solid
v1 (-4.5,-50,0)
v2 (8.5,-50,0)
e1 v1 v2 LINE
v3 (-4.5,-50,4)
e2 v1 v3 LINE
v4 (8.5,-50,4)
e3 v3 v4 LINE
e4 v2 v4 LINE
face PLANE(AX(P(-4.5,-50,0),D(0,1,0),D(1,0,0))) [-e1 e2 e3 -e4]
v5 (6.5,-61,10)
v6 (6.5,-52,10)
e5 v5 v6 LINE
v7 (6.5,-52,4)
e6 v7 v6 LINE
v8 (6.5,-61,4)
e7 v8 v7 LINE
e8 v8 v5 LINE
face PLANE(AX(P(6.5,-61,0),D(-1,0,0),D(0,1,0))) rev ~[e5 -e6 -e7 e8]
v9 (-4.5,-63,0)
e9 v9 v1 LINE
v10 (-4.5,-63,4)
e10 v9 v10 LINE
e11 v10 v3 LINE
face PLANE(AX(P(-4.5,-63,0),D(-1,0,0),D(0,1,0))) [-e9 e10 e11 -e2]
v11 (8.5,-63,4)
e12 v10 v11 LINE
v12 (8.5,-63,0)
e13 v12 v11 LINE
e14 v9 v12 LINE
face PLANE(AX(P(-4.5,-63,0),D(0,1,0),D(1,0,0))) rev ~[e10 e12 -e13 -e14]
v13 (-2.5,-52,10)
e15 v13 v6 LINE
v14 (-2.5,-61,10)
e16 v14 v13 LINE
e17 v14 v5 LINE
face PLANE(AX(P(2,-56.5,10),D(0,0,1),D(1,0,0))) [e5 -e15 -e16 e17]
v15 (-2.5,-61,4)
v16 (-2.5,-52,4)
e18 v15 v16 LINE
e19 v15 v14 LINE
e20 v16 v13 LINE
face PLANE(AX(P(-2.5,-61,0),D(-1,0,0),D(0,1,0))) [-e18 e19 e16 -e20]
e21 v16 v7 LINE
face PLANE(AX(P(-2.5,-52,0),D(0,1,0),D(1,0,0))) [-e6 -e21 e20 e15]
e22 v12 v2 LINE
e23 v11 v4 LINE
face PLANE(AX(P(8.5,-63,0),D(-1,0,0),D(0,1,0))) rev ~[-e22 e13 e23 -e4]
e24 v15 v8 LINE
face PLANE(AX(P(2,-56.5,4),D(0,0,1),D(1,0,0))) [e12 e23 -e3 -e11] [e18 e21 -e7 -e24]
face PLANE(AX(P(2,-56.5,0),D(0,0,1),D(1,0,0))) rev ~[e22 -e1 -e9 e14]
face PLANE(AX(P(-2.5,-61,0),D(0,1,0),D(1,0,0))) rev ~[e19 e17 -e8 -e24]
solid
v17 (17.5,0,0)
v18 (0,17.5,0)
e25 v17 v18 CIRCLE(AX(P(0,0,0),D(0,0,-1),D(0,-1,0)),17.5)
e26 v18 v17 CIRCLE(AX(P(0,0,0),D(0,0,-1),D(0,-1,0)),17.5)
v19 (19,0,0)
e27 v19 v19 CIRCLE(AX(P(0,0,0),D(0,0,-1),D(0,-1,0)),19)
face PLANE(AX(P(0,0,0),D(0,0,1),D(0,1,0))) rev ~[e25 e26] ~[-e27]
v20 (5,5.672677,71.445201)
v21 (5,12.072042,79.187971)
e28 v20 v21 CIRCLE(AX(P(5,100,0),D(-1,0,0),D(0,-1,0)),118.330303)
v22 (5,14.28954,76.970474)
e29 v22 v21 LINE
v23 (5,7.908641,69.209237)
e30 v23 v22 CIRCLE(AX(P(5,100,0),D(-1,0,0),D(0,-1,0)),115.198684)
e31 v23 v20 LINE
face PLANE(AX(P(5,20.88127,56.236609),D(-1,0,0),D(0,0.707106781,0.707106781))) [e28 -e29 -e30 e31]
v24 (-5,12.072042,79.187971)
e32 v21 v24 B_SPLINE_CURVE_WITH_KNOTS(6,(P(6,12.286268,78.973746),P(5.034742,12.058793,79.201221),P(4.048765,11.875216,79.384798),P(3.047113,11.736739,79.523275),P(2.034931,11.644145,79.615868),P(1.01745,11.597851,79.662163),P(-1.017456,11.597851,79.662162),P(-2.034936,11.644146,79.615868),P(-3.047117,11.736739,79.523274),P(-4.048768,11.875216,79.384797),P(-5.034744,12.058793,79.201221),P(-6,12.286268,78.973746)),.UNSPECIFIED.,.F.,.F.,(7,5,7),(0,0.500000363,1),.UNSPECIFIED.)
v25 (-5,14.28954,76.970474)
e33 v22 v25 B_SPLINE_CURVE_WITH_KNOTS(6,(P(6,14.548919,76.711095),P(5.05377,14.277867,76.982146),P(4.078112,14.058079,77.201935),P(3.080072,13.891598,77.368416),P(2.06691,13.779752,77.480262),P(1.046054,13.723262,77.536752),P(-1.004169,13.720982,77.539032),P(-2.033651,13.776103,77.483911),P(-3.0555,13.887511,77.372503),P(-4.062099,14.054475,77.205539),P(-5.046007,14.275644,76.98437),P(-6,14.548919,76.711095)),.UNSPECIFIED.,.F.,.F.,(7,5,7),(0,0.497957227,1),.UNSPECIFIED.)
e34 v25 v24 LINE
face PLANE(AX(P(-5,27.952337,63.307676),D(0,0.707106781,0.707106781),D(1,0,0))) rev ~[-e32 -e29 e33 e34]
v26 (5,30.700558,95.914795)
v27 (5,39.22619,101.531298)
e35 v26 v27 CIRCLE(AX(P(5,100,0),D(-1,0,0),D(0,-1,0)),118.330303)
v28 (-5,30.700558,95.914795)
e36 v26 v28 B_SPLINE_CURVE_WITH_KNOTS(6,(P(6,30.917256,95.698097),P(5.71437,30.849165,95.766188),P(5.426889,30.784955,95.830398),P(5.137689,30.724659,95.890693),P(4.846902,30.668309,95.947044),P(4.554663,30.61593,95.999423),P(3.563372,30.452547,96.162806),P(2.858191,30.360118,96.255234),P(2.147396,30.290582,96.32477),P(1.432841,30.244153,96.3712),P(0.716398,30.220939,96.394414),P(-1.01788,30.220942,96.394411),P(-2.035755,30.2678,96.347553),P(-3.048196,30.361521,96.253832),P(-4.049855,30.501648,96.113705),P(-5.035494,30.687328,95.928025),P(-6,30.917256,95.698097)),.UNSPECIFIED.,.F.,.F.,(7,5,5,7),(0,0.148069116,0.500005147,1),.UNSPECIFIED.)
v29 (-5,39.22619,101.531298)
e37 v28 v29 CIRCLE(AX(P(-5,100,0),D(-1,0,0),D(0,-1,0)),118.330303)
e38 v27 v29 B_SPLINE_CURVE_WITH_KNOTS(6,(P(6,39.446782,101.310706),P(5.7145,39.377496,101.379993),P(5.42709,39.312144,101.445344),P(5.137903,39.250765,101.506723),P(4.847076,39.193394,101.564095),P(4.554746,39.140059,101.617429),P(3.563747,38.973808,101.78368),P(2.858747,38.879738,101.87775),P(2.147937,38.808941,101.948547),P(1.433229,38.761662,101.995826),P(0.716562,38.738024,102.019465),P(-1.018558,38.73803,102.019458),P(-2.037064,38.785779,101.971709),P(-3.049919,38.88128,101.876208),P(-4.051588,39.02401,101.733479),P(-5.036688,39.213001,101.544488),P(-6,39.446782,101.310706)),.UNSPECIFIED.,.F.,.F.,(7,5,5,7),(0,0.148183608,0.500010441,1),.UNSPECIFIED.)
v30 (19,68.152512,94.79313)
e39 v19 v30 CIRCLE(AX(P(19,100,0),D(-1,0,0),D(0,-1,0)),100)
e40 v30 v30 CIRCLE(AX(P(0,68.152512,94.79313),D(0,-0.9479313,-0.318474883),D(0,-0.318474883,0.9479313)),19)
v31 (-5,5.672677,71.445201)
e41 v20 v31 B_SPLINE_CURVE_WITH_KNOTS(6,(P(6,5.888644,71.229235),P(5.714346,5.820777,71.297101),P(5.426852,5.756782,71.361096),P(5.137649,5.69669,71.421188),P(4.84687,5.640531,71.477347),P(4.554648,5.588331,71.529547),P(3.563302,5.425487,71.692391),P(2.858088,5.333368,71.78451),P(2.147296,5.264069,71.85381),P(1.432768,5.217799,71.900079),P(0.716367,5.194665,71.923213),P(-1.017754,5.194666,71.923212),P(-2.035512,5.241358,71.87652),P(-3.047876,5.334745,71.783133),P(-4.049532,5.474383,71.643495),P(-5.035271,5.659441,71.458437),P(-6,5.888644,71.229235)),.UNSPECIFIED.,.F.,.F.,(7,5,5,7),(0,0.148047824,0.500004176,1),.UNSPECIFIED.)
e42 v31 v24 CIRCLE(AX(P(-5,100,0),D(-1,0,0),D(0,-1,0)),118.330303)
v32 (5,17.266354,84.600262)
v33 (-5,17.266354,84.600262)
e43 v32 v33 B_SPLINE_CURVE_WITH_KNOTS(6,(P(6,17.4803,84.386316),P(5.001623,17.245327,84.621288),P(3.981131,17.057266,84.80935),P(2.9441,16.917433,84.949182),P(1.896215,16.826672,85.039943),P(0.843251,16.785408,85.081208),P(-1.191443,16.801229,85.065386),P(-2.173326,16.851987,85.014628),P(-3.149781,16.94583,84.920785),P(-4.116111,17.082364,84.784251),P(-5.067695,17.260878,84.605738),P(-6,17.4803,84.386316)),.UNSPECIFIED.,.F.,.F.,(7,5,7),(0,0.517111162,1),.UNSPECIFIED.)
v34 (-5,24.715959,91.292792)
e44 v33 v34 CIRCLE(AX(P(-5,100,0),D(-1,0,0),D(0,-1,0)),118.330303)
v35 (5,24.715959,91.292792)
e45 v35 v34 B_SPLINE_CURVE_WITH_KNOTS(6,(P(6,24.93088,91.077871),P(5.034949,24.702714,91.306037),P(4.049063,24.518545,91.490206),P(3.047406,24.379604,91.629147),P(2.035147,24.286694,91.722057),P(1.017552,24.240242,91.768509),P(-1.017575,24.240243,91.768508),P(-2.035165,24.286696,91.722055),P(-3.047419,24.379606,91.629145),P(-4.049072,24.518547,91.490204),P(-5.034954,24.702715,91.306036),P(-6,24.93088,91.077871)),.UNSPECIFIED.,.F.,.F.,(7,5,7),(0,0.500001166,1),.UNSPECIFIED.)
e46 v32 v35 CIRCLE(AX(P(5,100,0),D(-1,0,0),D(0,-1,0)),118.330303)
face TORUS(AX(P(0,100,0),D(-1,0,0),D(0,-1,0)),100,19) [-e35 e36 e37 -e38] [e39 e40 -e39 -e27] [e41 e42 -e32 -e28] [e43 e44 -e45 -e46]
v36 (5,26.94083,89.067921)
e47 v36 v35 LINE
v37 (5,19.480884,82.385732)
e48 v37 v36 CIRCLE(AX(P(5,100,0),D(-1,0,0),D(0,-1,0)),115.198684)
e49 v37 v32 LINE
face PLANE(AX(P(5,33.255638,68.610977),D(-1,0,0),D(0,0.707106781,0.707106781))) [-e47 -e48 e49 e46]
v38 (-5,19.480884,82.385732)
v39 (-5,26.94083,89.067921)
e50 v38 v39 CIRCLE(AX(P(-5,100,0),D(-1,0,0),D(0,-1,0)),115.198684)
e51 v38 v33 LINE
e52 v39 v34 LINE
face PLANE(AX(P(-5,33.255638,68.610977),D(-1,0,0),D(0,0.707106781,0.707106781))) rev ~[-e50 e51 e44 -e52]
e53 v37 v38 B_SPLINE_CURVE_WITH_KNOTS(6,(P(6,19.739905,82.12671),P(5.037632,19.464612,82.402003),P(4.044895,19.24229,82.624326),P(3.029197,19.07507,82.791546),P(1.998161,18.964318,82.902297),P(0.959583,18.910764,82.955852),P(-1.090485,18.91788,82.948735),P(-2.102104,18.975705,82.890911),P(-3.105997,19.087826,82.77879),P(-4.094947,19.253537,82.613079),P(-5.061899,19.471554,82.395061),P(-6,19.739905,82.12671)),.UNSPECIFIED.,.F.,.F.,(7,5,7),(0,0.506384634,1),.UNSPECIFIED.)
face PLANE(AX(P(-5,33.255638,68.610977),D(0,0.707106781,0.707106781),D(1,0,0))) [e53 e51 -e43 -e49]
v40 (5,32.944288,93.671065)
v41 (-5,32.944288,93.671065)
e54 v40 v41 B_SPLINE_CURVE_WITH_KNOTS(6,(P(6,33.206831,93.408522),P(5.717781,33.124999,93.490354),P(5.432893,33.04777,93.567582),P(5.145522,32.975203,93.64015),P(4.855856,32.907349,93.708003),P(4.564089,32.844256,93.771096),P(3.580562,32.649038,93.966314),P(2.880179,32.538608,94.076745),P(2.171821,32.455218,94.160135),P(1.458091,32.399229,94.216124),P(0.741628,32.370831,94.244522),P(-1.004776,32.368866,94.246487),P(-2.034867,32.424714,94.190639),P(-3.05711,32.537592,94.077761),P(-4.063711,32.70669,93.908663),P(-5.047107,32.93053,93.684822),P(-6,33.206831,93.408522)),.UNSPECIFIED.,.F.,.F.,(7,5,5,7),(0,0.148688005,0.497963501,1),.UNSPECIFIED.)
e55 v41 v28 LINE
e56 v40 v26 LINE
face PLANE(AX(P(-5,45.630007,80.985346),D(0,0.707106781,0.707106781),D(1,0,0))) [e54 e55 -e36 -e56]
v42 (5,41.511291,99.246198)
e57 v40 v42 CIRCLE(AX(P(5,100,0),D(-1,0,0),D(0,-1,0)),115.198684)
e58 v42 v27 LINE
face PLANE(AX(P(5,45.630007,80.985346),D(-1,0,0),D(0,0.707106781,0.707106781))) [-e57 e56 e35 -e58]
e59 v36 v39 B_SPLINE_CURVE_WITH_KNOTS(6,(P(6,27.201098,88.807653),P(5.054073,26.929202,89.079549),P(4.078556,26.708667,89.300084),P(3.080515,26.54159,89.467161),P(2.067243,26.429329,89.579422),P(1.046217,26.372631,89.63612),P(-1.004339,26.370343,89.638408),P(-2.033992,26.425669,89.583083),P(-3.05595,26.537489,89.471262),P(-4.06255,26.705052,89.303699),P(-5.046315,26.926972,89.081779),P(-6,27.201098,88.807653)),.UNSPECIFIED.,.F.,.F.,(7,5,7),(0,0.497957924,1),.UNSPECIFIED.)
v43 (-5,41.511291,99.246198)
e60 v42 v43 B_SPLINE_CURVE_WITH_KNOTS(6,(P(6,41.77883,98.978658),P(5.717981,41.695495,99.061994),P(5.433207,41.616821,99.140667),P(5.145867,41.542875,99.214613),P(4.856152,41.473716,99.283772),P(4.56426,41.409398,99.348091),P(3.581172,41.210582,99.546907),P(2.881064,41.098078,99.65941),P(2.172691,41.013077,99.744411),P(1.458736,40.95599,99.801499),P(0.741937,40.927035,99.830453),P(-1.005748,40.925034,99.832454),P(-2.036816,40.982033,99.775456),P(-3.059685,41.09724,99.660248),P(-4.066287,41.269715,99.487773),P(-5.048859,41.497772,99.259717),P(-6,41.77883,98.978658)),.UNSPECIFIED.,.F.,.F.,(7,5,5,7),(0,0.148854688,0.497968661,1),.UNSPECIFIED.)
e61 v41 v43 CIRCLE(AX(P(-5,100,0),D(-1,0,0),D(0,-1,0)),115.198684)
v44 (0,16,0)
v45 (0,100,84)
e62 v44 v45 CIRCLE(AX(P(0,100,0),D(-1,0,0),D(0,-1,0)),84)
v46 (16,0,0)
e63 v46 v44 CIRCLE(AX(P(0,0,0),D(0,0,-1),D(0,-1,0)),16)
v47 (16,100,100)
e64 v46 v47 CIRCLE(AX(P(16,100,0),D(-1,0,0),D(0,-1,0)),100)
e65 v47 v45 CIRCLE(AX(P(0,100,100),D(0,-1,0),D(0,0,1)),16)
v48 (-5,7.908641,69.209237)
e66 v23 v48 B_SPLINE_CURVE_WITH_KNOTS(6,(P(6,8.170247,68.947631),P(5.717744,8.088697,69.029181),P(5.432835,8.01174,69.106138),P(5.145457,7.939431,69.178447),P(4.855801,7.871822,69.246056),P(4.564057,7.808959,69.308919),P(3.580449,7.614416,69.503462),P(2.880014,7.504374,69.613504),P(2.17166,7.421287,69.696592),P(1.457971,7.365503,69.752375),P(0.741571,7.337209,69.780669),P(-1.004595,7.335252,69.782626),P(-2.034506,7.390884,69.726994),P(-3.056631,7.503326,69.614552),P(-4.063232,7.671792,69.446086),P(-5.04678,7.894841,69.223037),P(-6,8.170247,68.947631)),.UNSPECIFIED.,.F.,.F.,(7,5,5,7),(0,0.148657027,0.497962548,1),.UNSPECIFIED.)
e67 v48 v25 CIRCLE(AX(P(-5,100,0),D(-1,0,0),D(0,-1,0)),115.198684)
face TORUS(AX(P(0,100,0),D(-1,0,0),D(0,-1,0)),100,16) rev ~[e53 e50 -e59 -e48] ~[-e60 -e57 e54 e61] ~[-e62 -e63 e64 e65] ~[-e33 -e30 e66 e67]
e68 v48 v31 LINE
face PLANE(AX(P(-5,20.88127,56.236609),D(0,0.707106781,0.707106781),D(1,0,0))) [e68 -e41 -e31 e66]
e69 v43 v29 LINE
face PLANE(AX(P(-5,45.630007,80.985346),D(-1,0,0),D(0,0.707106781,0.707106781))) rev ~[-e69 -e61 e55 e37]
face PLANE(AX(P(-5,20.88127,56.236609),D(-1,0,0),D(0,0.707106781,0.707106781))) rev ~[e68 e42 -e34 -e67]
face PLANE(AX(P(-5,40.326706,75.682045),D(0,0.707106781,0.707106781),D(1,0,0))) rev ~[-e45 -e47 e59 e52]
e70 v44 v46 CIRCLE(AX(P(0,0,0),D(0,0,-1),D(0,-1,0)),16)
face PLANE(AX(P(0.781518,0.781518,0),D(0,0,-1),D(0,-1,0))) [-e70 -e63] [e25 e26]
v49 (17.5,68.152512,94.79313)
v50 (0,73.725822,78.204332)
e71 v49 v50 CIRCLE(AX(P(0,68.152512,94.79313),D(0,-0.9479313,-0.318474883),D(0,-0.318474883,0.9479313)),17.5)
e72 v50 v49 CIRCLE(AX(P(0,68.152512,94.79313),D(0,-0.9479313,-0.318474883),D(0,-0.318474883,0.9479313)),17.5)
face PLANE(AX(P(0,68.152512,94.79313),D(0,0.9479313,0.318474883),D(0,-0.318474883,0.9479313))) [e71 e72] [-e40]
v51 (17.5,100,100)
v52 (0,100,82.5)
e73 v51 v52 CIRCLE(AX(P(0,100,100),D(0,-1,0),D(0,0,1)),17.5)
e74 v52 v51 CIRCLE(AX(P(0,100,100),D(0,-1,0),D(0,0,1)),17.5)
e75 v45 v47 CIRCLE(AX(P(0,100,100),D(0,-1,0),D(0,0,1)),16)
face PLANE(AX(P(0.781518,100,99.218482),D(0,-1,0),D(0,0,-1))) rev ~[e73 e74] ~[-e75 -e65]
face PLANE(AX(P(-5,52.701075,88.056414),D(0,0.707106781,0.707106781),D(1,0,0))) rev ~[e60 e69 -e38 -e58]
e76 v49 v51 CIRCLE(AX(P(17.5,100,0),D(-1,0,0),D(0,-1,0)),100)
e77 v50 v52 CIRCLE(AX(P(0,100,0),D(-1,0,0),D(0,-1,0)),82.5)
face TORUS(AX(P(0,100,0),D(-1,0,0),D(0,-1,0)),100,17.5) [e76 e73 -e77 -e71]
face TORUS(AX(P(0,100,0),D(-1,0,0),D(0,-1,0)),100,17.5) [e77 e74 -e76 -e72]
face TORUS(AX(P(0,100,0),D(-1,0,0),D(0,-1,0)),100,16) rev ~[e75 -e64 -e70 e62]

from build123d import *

# Parameters (mm, degrees)
F1_R      = 19
F1_R_2    = 17.5
F10_START = 25
F9_W      = 10
F9_H      = 10
F10_DEPTH = 25
F11_W     = 9
F11_H     = 9
F12_DEPTH = 10
F11_W_2   = 13
F11_H_2   = 13
F13_DEPTH = 4


with BuildPart() as f6:
    # F6: sweep along a path in F2
    with BuildLine(Plane.YZ) as f6_path:
        ThreePointArc((0, 0), (29.2893218813, 70.7106781187), (100, 100))
    # F3 (on offset) → F6 (sweep)
    with BuildSketch(Plane.XZ.offset(-100)):
        with BuildLine():
            ThreePointArc((17.5, 100), (-12.3743686708, 112.3743686708), (0, 82.5))
            ThreePointArc((0, 82.5), (12.3743686708, 87.6256313292), (17.5, 100))
        make_face()
        with BuildLine():
            ThreePointArc((16, 100), (11.313708499, 88.686291501), (0, 84))
            ThreePointArc((0, 84), (-11.313708499, 111.313708499), (16, 100))
        make_face(mode=Mode.SUBTRACT)
    sweep(path=f6_path.line)

    # F7: sweep along a path in F4
    with BuildLine(Plane.YZ) as f7_path:
        ThreePointArc((0, 0), (18.8065617346, 58.3748711574), (68.152511653, 94.7931299514))
    # F1 (on Top) → F7 (sweep)
    with BuildSketch(Plane.XY):
        Circle(F1_R)
        Circle(F1_R_2, mode=Mode.SUBTRACT)
    sweep(path=f7_path.line)

    # F9 (on face) → F10 (cut)
    with BuildSketch(Plane(origin=(0, 0, 0), x_dir=(1, 0, 0), z_dir=(0, -0.7071067812, 0.7071067812)).offset(F10_START)):
        with Locations((0, 94.5305745304)):
            Rectangle(F9_W, F9_H)
        with Locations((0, 77.0305745304)):
            Rectangle(F9_W, F9_H)
        with Locations((0, 59.5305745304)):
            Rectangle(F9_W, F9_H)
    extrude(amount=F10_DEPTH, mode=Mode.SUBTRACT)


with BuildPart() as f12:
    # F11 (on Top) → F12 (new body)
    with BuildSketch(Plane.XY):
        with Locations((2, -56.5)):
            Rectangle(F11_W, F11_H)
    extrude(amount=F12_DEPTH)

    # F11 (on Top) → F13 (join)
    with BuildSketch(Plane.XY):
        with Locations((2, -56.5)):
            Rectangle(F11_W_2, F11_H_2)
        with Locations((2, -56.5)):
            Rectangle(F11_W, F11_H, mode=Mode.SUBTRACT)
    extrude(amount=F13_DEPTH)


solid = Compound([f6.part, f12.part])
